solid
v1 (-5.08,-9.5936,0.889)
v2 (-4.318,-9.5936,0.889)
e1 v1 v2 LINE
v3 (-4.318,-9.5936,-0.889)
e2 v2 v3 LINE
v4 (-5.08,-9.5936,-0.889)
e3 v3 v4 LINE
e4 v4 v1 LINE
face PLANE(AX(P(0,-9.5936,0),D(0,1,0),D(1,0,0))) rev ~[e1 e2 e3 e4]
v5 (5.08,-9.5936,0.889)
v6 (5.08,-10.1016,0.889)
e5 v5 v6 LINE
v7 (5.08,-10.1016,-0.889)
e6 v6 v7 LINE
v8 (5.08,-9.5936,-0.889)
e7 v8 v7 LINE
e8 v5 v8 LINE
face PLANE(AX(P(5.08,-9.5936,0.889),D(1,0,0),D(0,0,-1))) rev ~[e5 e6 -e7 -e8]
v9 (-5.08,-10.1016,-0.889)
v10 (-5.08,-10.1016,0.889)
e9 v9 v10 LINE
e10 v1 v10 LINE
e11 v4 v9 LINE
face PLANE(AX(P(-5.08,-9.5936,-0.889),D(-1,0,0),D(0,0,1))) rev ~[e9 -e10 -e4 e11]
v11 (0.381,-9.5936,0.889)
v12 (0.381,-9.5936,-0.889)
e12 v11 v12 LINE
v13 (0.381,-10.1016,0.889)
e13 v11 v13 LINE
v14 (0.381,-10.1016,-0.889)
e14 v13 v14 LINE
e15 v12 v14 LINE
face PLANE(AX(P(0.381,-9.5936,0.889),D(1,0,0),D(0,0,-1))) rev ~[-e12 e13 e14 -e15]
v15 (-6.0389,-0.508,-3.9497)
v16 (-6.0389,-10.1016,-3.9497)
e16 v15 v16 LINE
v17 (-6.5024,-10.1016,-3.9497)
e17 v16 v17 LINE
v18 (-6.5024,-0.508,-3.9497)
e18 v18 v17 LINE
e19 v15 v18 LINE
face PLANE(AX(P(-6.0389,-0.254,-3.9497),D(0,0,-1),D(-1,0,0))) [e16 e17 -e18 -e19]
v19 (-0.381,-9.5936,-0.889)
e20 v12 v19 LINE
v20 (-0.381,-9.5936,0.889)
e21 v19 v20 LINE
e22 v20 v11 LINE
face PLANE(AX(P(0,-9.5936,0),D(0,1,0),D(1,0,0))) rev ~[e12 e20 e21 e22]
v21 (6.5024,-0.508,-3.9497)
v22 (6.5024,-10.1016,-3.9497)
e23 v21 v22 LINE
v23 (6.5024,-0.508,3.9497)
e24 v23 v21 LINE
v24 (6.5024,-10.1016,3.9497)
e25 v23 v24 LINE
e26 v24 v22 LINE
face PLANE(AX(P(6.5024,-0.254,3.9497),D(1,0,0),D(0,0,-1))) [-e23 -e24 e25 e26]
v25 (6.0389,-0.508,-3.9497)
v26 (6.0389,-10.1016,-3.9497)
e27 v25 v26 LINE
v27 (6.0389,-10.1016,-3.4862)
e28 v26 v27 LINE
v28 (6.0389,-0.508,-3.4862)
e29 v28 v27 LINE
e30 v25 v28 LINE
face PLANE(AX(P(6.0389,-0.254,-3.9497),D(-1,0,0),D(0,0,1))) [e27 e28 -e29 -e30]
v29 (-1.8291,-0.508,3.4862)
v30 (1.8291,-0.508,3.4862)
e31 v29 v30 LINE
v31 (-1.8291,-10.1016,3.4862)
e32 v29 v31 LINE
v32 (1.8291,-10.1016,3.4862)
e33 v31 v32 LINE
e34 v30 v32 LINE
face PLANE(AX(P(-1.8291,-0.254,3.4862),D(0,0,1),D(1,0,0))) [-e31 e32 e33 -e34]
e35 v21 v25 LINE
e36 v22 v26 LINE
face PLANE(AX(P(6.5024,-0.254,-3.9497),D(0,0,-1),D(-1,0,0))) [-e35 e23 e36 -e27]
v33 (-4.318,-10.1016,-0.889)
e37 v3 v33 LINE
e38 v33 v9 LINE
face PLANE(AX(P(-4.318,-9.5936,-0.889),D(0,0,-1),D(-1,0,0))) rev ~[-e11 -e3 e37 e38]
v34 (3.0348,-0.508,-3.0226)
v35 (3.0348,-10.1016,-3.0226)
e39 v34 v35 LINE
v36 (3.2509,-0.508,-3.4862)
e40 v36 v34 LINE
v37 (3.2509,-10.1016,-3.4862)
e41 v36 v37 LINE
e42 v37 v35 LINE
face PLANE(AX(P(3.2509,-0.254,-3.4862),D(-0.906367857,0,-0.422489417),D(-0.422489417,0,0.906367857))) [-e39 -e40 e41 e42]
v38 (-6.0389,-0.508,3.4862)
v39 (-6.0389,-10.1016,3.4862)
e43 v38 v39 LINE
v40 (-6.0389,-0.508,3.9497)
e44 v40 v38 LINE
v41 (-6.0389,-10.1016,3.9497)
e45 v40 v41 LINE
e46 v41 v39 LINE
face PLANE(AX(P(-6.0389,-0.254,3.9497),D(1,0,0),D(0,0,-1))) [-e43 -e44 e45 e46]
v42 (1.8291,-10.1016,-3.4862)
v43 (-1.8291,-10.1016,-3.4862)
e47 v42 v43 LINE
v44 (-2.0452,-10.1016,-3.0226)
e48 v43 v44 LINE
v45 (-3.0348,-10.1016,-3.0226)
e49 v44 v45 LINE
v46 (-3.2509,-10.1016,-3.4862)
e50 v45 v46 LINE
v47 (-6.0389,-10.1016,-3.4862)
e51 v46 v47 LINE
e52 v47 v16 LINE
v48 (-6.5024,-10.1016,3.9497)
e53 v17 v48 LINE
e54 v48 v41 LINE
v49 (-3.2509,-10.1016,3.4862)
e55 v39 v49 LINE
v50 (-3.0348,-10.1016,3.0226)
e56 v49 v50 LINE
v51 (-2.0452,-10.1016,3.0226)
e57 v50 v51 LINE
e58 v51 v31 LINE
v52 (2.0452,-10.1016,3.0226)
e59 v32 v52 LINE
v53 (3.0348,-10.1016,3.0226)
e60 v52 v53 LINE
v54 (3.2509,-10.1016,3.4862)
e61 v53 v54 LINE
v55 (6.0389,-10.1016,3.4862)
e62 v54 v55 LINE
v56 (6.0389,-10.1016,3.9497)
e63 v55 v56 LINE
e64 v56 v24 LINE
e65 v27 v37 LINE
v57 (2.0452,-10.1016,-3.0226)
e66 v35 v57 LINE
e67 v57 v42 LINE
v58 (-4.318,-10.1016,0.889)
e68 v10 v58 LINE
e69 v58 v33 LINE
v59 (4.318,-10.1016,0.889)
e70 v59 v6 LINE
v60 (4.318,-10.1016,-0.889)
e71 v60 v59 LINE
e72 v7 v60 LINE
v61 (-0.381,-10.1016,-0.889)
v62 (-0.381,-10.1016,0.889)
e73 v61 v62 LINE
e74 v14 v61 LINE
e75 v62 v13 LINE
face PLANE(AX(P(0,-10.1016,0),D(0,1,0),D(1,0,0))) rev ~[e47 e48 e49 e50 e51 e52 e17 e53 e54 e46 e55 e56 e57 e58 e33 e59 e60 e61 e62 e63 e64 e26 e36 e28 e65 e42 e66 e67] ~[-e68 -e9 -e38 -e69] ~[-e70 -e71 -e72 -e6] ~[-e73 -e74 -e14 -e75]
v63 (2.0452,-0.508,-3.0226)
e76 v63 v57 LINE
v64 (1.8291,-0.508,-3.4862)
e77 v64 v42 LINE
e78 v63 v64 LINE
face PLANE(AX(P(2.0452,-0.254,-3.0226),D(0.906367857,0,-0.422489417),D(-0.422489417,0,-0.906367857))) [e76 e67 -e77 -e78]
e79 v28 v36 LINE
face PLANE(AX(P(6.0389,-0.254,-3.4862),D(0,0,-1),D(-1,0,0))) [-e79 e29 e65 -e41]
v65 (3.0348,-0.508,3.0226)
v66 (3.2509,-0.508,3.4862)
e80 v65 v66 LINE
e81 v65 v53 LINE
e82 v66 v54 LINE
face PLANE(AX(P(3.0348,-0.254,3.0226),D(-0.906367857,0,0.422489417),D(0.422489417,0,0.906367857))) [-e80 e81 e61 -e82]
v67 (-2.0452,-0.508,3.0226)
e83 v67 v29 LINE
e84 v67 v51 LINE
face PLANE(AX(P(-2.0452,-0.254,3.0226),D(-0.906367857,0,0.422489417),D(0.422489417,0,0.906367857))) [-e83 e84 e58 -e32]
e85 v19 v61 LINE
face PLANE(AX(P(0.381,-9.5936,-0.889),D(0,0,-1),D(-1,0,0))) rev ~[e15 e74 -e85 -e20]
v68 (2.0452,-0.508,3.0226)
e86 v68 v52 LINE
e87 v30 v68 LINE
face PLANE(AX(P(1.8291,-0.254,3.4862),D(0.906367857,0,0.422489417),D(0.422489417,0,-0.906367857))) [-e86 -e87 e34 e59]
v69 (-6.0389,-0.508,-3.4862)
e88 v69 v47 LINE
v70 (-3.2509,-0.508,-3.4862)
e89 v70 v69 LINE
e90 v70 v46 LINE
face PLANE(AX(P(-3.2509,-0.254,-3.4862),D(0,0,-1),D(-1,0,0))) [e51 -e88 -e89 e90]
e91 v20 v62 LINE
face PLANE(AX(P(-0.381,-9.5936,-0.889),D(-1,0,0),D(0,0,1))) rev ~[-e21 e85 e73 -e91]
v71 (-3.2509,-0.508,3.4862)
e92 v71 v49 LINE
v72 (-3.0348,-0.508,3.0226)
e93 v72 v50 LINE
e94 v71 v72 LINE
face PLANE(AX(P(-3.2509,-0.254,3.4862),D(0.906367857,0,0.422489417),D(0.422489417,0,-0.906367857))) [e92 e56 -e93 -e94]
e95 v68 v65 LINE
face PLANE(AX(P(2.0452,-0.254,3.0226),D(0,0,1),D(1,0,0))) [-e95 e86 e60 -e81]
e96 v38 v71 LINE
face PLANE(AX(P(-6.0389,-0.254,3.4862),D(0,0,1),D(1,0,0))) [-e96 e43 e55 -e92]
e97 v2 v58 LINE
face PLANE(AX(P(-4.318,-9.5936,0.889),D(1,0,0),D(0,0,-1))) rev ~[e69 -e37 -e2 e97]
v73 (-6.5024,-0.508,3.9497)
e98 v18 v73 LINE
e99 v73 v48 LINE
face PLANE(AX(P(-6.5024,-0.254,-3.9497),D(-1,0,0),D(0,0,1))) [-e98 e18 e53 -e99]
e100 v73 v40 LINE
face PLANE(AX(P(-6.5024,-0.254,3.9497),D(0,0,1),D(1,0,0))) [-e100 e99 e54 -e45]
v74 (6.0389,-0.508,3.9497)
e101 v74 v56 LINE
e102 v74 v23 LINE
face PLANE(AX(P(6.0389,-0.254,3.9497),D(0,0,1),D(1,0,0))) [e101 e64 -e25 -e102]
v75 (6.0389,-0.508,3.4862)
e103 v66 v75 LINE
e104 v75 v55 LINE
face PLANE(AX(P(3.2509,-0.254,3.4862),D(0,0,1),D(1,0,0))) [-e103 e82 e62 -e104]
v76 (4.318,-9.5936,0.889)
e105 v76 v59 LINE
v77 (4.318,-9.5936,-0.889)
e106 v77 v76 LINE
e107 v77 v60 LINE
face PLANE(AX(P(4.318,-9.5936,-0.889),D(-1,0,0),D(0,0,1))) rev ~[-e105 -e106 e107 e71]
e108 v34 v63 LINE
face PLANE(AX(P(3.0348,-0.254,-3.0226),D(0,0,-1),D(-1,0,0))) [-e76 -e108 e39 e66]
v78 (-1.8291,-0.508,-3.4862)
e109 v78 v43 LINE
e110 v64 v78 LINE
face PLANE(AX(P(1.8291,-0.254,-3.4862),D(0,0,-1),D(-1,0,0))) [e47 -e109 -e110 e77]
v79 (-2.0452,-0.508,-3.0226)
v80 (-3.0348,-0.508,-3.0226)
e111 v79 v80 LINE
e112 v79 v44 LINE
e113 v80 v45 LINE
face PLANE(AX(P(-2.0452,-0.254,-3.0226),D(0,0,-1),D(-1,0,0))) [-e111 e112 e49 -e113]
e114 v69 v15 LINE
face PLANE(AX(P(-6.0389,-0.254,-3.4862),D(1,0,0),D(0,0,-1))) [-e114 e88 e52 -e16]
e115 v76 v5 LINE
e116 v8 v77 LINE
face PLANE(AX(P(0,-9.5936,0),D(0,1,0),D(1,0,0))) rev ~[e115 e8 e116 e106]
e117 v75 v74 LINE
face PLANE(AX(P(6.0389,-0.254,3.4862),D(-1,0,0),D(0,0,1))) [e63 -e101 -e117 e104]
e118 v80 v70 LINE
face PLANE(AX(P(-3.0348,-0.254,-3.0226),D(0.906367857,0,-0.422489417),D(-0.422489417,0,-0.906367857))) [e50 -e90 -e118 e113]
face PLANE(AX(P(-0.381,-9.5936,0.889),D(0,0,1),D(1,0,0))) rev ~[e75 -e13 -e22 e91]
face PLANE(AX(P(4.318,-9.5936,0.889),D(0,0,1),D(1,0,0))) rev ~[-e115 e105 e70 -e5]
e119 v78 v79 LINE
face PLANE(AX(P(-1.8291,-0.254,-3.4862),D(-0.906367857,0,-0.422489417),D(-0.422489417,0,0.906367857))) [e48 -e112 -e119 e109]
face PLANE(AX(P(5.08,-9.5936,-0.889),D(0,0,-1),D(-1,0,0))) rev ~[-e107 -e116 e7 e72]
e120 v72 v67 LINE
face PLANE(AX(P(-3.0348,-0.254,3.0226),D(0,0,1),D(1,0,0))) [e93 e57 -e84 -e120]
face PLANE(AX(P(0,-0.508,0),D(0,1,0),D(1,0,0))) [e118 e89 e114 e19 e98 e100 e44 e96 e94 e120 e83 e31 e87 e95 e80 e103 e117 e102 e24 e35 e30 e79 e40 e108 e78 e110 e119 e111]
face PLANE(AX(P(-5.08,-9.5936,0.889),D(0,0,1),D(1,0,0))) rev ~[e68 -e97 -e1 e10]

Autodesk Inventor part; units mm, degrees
sketch "Sketch_2" plane through (0, -0.254, 0) normal (0, 1, 0) x (1, 0, 0)
  line L0 (-6.5024, -3.9497) -> (-6.0389, -3.9497)
  line L1 (-6.0389, -3.9497) -> (-6.0389, -3.4862)
  line L2 (-6.0389, -3.4862) -> (-3.2509, -3.4862)
  line L3 (-3.2509, -3.4862) -> (-3.0348, -3.0226)
  line L4 (-3.0348, -3.0226) -> (-2.0452, -3.0226)
  line L5 (-2.0452, -3.0226) -> (-1.8291, -3.4862)
  line L6 (-1.8291, -3.4862) -> (1.8291, -3.4862)
  line L7 (1.8291, -3.4862) -> (2.0452, -3.0226)
  line L8 (2.0452, -3.0226) -> (3.0348, -3.0226)
  line L9 (3.0348, -3.0226) -> (3.2509, -3.4862)
  line L10 (3.2509, -3.4862) -> (6.0389, -3.4862)
  line L11 (6.0389, -3.4862) -> (6.0389, -3.9497)
  line L12 (6.0389, -3.9497) -> (6.5024, -3.9497)
  line L13 (6.5024, -3.9497) -> (6.5024, 3.9497)
  line L14 (6.5024, 3.9497) -> (6.0389, 3.9497)
  line L15 (6.0389, 3.9497) -> (6.0389, 3.4862)
  line L16 (6.0389, 3.4862) -> (3.2509, 3.4862)
  line L17 (3.2509, 3.4862) -> (3.0348, 3.0226)
  line L18 (3.0348, 3.0226) -> (2.0452, 3.0226)
  line L19 (2.0452, 3.0226) -> (1.8291, 3.4862)
  line L20 (1.8291, 3.4862) -> (-1.8291, 3.4862)
  line L21 (-1.8291, 3.4862) -> (-2.0452, 3.0226)
  line L22 (-2.0452, 3.0226) -> (-3.0348, 3.0226)
  line L23 (-3.0348, 3.0226) -> (-3.2509, 3.4862)
  line L24 (-3.2509, 3.4862) -> (-6.0389, 3.4862)
  line L25 (-6.0389, 3.4862) -> (-6.0389, 3.9497)
  line L26 (-6.0389, 3.9497) -> (-6.5024, 3.9497)
  line L27 (-6.5024, 3.9497) -> (-6.5024, -3.9497)
extrude "Extrusion1" add sketch "Sketch_2" against normal blind 9.8476
sketch "Sketch_8" plane through (0, -9.5936, 0) normal (0, 1, 0) x (1, 0, 0)
  line L0 (-5.08, -0.889) -> (-4.318, -0.889)
  line L1 (-4.318, -0.889) -> (-4.318, 0.889)
  line L2 (-4.318, 0.889) -> (-5.08, 0.889)
  line L3 (-5.08, 0.889) -> (-5.08, -0.889)
extrude "Extrusion2" cut sketch "Sketch_8" against normal blind 25.4
sketch "Sketch_5" plane through (0, -9.5936, 0) normal (0, 1, 0) x (1, 0, 0)
  line L0 (-0.381, -0.889) -> (0.381, -0.889)
  line L1 (0.381, -0.889) -> (0.381, 0.889)
  line L2 (0.381, 0.889) -> (-0.381, 0.889)
  line L3 (-0.381, 0.889) -> (-0.381, -0.889)
extrude "Extrusion3" cut sketch "Sketch_5" against normal blind 25.4
sketch "Sketch_9" plane through (0, -9.5936, 0) normal (0, 1, 0) x (1, 0, 0)
  line L0 (4.318, -0.889) -> (5.08, -0.889)
  line L1 (5.08, -0.889) -> (5.08, 0.889)
  line L2 (5.08, 0.889) -> (4.318, 0.889)
  line L3 (4.318, 0.889) -> (4.318, -0.889)
extrude "Extrusion4" cut sketch "Sketch_9" against normal blind 25.4
sketch "Sketch_19" plane through (0, -0.254, 0) normal (0, 1, 0) x (1, 0, 0)
  line L0 (-6.5024, -3.9497) -> (-6.0389, -3.9497)
  line L1 (-6.0389, -3.9497) -> (-6.0389, -3.4862)
  line L2 (-6.0389, -3.4862) -> (-3.2509, -3.4862)
  line L3 (-3.2509, -3.4862) -> (-3.0348, -3.0226)
  line L4 (-3.0348, -3.0226) -> (-2.0452, -3.0226)
  line L5 (-2.0452, -3.0226) -> (-1.8291, -3.4862)
  line L6 (-1.8291, -3.4862) -> (1.8291, -3.4862)
  line L7 (1.8291, -3.4862) -> (2.0452, -3.0226)
  line L8 (2.0452, -3.0226) -> (3.0348, -3.0226)
  line L9 (3.0348, -3.0226) -> (3.2509, -3.4862)
  line L10 (3.2509, -3.4862) -> (6.0389, -3.4862)
  line L11 (6.0389, -3.4862) -> (6.0389, -3.9497)
  line L12 (6.0389, -3.9497) -> (6.5024, -3.9497)
  line L13 (6.5024, -3.9497) -> (6.5024, 3.9497)
  line L14 (6.5024, 3.9497) -> (6.0389, 3.9497)
  line L15 (6.0389, 3.9497) -> (6.0389, 3.4862)
  line L16 (6.0389, 3.4862) -> (3.2509, 3.4862)
  line L17 (3.2509, 3.4862) -> (3.0348, 3.0226)
  line L18 (3.0348, 3.0226) -> (2.0452, 3.0226)
  line L19 (2.0452, 3.0226) -> (1.8291, 3.4862)
  line L20 (1.8291, 3.4862) -> (-1.8291, 3.4862)
  line L21 (-1.8291, 3.4862) -> (-2.0452, 3.0226)
  line L22 (-2.0452, 3.0226) -> (-3.0348, 3.0226)
  line L23 (-3.0348, 3.0226) -> (-3.2509, 3.4862)
  line L24 (-3.2509, 3.4862) -> (-6.0389, 3.4862)
  line L25 (-6.0389, 3.4862) -> (-6.0389, 3.9497)
  line L26 (-6.0389, 3.9497) -> (-6.5024, 3.9497)
  line L27 (-6.5024, 3.9497) -> (-6.5024, -3.9497)
extrude "Extrusion5" cut sketch "Sketch_19" against normal blind 0.254
ref_plane "rot_XY" through (0, 6.6675, 0) normal (0, 0, 1) x (1, 0, 0)
ref_plane "rot_YZ" through (0, 6.6675, 0) normal (1, 0, 0) x (0, 1, 0)
ref_plane "rot_ZX" through (0, 6.6675, 0) normal (0, 1, 0) x (0, 0, 1)
ref_plane "to_cover_XY" through (0, -0.254, 0) normal (0, 1, 0) x (1, 0, 0)
ref_plane "to_cover_YZ" through (0, -0.254, 0) normal (1, 0, 0) x (0, 0, -1)
ref_plane "to_cover_ZX" through (0, -0.254, 0) normal (0, 0, -1) x (0, 1, 0)
ref_plane "to_terminals_XY" through (0, -9.5936, 0) normal (0, -1, 0) x (1, 0, 0)
ref_plane "to_terminals_YZ" through (0, -9.5936, 0) normal (1, 0, 0) x (0, 0, 1)
ref_plane "to_terminals_ZX" through (0, -9.5936, 0) normal (0, 0, 1) x (0, -1, 0)
properties part number "M20_ang1230TX-switch"
